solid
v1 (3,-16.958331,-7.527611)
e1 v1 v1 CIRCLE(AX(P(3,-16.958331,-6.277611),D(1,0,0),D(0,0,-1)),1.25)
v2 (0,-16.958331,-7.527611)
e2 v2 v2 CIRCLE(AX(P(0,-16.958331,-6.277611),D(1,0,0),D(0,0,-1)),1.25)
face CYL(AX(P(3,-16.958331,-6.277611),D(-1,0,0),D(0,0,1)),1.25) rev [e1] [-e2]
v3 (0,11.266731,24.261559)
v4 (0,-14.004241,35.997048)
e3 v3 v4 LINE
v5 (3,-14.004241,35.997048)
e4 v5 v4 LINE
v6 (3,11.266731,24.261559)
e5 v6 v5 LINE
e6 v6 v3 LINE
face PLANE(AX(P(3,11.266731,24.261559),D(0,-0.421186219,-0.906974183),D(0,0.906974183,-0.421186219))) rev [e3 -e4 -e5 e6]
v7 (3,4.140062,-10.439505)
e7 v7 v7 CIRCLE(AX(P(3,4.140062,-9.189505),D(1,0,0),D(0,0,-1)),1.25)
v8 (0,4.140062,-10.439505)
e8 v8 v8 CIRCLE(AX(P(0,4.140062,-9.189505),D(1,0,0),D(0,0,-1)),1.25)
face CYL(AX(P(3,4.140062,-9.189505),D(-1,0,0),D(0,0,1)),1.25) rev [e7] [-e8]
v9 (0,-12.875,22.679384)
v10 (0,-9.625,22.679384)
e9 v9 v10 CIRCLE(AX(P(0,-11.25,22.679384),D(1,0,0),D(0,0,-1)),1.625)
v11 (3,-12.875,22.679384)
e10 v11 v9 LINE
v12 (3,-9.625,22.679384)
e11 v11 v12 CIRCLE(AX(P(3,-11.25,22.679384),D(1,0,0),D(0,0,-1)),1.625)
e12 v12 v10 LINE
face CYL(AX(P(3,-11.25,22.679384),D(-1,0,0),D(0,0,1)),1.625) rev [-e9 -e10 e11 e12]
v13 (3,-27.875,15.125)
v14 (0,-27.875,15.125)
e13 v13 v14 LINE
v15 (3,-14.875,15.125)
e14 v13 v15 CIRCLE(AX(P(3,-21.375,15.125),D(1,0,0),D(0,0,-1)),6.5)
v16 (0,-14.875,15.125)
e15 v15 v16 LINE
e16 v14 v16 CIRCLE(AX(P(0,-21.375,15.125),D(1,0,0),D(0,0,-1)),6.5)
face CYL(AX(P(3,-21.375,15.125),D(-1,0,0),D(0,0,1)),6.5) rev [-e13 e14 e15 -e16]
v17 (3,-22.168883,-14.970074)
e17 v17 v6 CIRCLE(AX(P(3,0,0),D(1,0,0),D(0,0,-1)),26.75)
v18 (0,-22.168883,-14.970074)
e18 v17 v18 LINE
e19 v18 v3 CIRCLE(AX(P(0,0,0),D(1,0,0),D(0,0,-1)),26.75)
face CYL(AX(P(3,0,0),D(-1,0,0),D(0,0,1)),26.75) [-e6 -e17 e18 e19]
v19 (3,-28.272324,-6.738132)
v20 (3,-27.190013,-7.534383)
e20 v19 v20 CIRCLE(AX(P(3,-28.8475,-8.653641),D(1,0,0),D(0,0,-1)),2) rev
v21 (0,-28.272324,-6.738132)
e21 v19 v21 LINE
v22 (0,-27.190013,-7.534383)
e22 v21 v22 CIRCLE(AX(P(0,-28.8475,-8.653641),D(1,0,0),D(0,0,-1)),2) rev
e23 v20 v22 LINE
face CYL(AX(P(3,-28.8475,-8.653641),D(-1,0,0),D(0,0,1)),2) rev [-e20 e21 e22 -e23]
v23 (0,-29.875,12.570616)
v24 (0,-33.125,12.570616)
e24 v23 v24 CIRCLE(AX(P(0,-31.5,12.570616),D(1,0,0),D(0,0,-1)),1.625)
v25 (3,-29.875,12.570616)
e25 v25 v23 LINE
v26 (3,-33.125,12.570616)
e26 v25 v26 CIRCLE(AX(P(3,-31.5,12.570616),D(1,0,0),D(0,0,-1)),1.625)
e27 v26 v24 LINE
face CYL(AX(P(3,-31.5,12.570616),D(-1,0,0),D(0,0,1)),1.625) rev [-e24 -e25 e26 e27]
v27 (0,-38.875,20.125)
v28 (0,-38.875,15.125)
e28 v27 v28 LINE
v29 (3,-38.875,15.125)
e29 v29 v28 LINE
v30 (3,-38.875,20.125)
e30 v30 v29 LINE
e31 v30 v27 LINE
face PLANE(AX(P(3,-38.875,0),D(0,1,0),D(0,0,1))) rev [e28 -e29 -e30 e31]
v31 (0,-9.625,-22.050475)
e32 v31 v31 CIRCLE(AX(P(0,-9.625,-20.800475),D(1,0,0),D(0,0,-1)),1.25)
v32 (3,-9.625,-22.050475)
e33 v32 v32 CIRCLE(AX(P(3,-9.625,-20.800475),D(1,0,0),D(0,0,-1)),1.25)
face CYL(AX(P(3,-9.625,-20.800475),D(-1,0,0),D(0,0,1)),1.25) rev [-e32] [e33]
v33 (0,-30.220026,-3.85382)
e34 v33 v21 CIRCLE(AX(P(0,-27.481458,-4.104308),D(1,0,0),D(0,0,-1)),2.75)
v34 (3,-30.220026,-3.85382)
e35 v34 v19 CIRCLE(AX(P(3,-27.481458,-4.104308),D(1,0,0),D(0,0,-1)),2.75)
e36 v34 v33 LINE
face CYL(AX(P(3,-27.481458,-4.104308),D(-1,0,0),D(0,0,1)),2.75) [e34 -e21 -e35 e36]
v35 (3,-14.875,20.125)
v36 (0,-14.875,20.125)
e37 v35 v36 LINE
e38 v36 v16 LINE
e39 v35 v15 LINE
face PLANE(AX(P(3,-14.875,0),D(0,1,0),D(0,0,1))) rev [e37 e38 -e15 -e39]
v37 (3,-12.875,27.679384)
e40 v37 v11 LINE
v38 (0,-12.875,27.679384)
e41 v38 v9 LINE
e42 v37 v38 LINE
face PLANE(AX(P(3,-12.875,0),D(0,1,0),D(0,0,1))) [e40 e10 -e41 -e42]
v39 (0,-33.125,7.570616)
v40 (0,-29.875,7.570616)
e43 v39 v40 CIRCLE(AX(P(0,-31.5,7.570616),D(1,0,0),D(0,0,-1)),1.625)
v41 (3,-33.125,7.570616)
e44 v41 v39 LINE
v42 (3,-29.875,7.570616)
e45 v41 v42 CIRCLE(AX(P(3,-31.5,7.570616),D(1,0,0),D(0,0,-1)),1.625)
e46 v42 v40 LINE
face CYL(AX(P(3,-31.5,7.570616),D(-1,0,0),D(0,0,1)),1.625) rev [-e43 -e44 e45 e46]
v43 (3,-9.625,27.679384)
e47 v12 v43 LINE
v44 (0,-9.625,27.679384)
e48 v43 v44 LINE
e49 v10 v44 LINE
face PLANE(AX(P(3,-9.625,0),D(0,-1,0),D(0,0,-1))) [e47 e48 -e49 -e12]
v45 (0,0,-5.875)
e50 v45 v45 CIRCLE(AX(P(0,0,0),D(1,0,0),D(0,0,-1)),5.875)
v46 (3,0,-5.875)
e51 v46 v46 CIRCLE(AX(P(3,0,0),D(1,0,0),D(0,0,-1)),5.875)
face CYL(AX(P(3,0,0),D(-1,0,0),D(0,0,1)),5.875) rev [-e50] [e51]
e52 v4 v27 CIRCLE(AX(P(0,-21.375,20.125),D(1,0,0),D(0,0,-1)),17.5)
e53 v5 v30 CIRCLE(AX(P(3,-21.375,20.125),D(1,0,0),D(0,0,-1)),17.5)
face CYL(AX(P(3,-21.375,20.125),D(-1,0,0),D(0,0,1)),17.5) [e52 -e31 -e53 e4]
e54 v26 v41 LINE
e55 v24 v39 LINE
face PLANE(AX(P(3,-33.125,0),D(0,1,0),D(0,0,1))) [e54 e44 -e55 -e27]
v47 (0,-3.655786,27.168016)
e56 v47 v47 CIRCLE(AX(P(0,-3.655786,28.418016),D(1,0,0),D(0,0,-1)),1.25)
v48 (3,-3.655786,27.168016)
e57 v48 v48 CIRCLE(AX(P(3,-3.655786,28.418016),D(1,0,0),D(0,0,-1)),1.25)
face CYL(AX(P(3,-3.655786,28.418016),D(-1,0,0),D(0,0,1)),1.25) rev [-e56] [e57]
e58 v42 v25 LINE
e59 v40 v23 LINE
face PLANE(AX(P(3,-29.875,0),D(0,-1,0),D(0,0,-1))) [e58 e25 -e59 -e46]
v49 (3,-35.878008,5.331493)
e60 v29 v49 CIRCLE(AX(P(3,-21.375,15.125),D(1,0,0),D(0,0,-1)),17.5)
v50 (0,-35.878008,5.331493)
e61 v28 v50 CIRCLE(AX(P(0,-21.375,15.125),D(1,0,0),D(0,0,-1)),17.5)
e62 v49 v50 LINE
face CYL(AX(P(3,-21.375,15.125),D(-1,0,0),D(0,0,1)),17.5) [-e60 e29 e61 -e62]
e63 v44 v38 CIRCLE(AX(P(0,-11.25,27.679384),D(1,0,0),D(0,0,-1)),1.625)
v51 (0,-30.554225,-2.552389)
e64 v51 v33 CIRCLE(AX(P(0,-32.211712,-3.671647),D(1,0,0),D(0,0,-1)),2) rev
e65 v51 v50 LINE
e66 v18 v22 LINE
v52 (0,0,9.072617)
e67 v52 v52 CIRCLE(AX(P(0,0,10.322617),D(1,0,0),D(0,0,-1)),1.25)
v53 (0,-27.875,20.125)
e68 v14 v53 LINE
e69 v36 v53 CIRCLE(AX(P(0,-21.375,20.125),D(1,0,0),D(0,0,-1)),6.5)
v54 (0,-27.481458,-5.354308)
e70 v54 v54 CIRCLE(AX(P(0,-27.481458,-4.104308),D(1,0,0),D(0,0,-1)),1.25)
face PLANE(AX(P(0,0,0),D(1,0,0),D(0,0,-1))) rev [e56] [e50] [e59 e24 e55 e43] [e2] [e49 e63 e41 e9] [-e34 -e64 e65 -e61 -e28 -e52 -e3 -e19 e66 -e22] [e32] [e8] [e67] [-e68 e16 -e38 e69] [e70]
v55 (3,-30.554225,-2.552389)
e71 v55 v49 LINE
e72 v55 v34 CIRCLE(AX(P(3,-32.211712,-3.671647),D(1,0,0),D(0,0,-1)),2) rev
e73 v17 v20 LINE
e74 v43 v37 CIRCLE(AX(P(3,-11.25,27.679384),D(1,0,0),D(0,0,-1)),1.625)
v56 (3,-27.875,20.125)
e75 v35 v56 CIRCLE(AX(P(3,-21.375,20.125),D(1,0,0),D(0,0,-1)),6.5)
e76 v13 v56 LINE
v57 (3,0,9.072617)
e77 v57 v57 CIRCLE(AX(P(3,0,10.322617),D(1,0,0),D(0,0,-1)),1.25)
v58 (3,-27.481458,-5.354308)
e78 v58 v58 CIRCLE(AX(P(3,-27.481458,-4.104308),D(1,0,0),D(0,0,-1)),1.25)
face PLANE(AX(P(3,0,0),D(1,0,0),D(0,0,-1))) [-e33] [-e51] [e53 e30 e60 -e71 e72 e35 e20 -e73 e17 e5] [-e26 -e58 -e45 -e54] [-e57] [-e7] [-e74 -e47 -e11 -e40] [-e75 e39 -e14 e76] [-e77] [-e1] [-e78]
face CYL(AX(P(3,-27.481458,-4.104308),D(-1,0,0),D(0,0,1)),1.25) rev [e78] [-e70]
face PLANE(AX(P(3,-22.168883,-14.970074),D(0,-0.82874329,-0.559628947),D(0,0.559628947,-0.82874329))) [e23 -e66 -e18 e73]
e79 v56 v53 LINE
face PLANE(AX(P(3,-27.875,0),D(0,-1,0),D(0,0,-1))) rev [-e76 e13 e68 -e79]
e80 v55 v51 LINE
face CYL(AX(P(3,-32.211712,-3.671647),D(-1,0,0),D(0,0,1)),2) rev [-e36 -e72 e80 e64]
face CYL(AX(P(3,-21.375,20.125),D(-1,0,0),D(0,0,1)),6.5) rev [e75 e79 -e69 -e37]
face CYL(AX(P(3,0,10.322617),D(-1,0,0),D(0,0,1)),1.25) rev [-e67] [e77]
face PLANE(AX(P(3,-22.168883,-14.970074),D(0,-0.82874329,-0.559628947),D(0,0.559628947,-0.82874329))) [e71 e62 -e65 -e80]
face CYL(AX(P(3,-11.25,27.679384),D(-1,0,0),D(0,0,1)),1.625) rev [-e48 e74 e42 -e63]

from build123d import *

# Parameters (mm, degrees)
SKETCH3_R           = 1.25
SKETCH3_R_2         = 5.875
BOSS_EXTRUDE2_DEPTH = 3


with BuildPart() as part:
    # Sketch3 → Boss-Extrude2 (new body)
    with BuildSketch(Plane(origin=(0, 0, 0), x_dir=(0, 0, -1), z_dir=(1, 0, 0))):
        with BuildLine():
            Line((-24.261559398, 11.266731363), (-35.997048204, -14.004241165))
            ThreePointArc((-35.997048204, -14.004241165), (-34.876919869, -30.789396433), (-20.125, -38.875))
            Line((-20.125, -38.875), (-15.125, -38.875))
            ThreePointArc((-15.125, -38.875), (-10.004093471, -38.108986863), (-5.33149342, -35.87800758))
            Line((-5.33149342, -35.87800758), (2.552389063, -30.554225285))
            ThreePointArc((2.552389063, -30.554225285), (3.174199215, -30.274562996), (3.853820115, -30.220025911))
            ThreePointArc((3.853820115, -30.220025911), (5.64328781, -29.760501772), (6.738132443, -28.272324263))
            ThreePointArc((6.738132443, -28.272324263), (7.042647171, -27.662299968), (7.534383085, -27.190013348))
            Line((7.534383085, -27.190013348), (14.970074344, -22.168883015))
            ThreePointArc((14.970074344, -22.168883015), (17.351311214, 20.359137977), (-24.261559398, 11.266731363))
        make_face()
        with BuildLine():
            Line((-20.125, -14.875), (-15.125, -14.875))
            ThreePointArc((-15.125, -14.875), (-8.625, -21.375), (-15.125, -27.875))
            Line((-15.125, -27.875), (-20.125, -27.875))
            ThreePointArc((-20.125, -27.875), (-26.625, -21.375), (-20.125, -14.875))
        make_face(mode=Mode.SUBTRACT)
        with BuildLine():
            Line((-22.679384039, -12.875), (-27.679384039, -12.875))
            ThreePointArc((-27.679384039, -12.875), (-29.304384039, -11.25), (-27.679384039, -9.625))
            Line((-27.679384039, -9.625), (-22.679384039, -9.625))
            ThreePointArc((-22.679384039, -9.625), (-21.054384039, -11.25), (-22.679384039, -12.875))
        make_face(mode=Mode.SUBTRACT)
        with Locations((4.104308205, -27.481457724)):
            Circle(SKETCH3_R, mode=Mode.SUBTRACT)
        with Locations((6.277610864, -16.958330561)):
            Circle(SKETCH3_R, mode=Mode.SUBTRACT)
        with Locations((20.80047509, -9.625)):
            Circle(SKETCH3_R, mode=Mode.SUBTRACT)
        with Locations((-10.322617138, 0)):
            Circle(SKETCH3_R, mode=Mode.SUBTRACT)
        Circle(SKETCH3_R_2, mode=Mode.SUBTRACT)
        with Locations((9.189505152, 4.140062296)):
            Circle(SKETCH3_R, mode=Mode.SUBTRACT)
        with BuildLine():
            Line((-7.570615961, -33.125), (-12.570615961, -33.125))
            ThreePointArc((-12.570615961, -33.125), (-14.195615961, -31.5), (-12.570615961, -29.875))
            Line((-12.570615961, -29.875), (-7.570615961, -29.875))
            ThreePointArc((-7.570615961, -29.875), (-5.945615961, -31.5), (-7.570615961, -33.125))
        make_face(mode=Mode.SUBTRACT)
        with Locations((-28.41801633, -3.655785684)):
            Circle(SKETCH3_R, mode=Mode.SUBTRACT)
    extrude(amount=BOSS_EXTRUDE2_DEPTH)


solid = part.part
